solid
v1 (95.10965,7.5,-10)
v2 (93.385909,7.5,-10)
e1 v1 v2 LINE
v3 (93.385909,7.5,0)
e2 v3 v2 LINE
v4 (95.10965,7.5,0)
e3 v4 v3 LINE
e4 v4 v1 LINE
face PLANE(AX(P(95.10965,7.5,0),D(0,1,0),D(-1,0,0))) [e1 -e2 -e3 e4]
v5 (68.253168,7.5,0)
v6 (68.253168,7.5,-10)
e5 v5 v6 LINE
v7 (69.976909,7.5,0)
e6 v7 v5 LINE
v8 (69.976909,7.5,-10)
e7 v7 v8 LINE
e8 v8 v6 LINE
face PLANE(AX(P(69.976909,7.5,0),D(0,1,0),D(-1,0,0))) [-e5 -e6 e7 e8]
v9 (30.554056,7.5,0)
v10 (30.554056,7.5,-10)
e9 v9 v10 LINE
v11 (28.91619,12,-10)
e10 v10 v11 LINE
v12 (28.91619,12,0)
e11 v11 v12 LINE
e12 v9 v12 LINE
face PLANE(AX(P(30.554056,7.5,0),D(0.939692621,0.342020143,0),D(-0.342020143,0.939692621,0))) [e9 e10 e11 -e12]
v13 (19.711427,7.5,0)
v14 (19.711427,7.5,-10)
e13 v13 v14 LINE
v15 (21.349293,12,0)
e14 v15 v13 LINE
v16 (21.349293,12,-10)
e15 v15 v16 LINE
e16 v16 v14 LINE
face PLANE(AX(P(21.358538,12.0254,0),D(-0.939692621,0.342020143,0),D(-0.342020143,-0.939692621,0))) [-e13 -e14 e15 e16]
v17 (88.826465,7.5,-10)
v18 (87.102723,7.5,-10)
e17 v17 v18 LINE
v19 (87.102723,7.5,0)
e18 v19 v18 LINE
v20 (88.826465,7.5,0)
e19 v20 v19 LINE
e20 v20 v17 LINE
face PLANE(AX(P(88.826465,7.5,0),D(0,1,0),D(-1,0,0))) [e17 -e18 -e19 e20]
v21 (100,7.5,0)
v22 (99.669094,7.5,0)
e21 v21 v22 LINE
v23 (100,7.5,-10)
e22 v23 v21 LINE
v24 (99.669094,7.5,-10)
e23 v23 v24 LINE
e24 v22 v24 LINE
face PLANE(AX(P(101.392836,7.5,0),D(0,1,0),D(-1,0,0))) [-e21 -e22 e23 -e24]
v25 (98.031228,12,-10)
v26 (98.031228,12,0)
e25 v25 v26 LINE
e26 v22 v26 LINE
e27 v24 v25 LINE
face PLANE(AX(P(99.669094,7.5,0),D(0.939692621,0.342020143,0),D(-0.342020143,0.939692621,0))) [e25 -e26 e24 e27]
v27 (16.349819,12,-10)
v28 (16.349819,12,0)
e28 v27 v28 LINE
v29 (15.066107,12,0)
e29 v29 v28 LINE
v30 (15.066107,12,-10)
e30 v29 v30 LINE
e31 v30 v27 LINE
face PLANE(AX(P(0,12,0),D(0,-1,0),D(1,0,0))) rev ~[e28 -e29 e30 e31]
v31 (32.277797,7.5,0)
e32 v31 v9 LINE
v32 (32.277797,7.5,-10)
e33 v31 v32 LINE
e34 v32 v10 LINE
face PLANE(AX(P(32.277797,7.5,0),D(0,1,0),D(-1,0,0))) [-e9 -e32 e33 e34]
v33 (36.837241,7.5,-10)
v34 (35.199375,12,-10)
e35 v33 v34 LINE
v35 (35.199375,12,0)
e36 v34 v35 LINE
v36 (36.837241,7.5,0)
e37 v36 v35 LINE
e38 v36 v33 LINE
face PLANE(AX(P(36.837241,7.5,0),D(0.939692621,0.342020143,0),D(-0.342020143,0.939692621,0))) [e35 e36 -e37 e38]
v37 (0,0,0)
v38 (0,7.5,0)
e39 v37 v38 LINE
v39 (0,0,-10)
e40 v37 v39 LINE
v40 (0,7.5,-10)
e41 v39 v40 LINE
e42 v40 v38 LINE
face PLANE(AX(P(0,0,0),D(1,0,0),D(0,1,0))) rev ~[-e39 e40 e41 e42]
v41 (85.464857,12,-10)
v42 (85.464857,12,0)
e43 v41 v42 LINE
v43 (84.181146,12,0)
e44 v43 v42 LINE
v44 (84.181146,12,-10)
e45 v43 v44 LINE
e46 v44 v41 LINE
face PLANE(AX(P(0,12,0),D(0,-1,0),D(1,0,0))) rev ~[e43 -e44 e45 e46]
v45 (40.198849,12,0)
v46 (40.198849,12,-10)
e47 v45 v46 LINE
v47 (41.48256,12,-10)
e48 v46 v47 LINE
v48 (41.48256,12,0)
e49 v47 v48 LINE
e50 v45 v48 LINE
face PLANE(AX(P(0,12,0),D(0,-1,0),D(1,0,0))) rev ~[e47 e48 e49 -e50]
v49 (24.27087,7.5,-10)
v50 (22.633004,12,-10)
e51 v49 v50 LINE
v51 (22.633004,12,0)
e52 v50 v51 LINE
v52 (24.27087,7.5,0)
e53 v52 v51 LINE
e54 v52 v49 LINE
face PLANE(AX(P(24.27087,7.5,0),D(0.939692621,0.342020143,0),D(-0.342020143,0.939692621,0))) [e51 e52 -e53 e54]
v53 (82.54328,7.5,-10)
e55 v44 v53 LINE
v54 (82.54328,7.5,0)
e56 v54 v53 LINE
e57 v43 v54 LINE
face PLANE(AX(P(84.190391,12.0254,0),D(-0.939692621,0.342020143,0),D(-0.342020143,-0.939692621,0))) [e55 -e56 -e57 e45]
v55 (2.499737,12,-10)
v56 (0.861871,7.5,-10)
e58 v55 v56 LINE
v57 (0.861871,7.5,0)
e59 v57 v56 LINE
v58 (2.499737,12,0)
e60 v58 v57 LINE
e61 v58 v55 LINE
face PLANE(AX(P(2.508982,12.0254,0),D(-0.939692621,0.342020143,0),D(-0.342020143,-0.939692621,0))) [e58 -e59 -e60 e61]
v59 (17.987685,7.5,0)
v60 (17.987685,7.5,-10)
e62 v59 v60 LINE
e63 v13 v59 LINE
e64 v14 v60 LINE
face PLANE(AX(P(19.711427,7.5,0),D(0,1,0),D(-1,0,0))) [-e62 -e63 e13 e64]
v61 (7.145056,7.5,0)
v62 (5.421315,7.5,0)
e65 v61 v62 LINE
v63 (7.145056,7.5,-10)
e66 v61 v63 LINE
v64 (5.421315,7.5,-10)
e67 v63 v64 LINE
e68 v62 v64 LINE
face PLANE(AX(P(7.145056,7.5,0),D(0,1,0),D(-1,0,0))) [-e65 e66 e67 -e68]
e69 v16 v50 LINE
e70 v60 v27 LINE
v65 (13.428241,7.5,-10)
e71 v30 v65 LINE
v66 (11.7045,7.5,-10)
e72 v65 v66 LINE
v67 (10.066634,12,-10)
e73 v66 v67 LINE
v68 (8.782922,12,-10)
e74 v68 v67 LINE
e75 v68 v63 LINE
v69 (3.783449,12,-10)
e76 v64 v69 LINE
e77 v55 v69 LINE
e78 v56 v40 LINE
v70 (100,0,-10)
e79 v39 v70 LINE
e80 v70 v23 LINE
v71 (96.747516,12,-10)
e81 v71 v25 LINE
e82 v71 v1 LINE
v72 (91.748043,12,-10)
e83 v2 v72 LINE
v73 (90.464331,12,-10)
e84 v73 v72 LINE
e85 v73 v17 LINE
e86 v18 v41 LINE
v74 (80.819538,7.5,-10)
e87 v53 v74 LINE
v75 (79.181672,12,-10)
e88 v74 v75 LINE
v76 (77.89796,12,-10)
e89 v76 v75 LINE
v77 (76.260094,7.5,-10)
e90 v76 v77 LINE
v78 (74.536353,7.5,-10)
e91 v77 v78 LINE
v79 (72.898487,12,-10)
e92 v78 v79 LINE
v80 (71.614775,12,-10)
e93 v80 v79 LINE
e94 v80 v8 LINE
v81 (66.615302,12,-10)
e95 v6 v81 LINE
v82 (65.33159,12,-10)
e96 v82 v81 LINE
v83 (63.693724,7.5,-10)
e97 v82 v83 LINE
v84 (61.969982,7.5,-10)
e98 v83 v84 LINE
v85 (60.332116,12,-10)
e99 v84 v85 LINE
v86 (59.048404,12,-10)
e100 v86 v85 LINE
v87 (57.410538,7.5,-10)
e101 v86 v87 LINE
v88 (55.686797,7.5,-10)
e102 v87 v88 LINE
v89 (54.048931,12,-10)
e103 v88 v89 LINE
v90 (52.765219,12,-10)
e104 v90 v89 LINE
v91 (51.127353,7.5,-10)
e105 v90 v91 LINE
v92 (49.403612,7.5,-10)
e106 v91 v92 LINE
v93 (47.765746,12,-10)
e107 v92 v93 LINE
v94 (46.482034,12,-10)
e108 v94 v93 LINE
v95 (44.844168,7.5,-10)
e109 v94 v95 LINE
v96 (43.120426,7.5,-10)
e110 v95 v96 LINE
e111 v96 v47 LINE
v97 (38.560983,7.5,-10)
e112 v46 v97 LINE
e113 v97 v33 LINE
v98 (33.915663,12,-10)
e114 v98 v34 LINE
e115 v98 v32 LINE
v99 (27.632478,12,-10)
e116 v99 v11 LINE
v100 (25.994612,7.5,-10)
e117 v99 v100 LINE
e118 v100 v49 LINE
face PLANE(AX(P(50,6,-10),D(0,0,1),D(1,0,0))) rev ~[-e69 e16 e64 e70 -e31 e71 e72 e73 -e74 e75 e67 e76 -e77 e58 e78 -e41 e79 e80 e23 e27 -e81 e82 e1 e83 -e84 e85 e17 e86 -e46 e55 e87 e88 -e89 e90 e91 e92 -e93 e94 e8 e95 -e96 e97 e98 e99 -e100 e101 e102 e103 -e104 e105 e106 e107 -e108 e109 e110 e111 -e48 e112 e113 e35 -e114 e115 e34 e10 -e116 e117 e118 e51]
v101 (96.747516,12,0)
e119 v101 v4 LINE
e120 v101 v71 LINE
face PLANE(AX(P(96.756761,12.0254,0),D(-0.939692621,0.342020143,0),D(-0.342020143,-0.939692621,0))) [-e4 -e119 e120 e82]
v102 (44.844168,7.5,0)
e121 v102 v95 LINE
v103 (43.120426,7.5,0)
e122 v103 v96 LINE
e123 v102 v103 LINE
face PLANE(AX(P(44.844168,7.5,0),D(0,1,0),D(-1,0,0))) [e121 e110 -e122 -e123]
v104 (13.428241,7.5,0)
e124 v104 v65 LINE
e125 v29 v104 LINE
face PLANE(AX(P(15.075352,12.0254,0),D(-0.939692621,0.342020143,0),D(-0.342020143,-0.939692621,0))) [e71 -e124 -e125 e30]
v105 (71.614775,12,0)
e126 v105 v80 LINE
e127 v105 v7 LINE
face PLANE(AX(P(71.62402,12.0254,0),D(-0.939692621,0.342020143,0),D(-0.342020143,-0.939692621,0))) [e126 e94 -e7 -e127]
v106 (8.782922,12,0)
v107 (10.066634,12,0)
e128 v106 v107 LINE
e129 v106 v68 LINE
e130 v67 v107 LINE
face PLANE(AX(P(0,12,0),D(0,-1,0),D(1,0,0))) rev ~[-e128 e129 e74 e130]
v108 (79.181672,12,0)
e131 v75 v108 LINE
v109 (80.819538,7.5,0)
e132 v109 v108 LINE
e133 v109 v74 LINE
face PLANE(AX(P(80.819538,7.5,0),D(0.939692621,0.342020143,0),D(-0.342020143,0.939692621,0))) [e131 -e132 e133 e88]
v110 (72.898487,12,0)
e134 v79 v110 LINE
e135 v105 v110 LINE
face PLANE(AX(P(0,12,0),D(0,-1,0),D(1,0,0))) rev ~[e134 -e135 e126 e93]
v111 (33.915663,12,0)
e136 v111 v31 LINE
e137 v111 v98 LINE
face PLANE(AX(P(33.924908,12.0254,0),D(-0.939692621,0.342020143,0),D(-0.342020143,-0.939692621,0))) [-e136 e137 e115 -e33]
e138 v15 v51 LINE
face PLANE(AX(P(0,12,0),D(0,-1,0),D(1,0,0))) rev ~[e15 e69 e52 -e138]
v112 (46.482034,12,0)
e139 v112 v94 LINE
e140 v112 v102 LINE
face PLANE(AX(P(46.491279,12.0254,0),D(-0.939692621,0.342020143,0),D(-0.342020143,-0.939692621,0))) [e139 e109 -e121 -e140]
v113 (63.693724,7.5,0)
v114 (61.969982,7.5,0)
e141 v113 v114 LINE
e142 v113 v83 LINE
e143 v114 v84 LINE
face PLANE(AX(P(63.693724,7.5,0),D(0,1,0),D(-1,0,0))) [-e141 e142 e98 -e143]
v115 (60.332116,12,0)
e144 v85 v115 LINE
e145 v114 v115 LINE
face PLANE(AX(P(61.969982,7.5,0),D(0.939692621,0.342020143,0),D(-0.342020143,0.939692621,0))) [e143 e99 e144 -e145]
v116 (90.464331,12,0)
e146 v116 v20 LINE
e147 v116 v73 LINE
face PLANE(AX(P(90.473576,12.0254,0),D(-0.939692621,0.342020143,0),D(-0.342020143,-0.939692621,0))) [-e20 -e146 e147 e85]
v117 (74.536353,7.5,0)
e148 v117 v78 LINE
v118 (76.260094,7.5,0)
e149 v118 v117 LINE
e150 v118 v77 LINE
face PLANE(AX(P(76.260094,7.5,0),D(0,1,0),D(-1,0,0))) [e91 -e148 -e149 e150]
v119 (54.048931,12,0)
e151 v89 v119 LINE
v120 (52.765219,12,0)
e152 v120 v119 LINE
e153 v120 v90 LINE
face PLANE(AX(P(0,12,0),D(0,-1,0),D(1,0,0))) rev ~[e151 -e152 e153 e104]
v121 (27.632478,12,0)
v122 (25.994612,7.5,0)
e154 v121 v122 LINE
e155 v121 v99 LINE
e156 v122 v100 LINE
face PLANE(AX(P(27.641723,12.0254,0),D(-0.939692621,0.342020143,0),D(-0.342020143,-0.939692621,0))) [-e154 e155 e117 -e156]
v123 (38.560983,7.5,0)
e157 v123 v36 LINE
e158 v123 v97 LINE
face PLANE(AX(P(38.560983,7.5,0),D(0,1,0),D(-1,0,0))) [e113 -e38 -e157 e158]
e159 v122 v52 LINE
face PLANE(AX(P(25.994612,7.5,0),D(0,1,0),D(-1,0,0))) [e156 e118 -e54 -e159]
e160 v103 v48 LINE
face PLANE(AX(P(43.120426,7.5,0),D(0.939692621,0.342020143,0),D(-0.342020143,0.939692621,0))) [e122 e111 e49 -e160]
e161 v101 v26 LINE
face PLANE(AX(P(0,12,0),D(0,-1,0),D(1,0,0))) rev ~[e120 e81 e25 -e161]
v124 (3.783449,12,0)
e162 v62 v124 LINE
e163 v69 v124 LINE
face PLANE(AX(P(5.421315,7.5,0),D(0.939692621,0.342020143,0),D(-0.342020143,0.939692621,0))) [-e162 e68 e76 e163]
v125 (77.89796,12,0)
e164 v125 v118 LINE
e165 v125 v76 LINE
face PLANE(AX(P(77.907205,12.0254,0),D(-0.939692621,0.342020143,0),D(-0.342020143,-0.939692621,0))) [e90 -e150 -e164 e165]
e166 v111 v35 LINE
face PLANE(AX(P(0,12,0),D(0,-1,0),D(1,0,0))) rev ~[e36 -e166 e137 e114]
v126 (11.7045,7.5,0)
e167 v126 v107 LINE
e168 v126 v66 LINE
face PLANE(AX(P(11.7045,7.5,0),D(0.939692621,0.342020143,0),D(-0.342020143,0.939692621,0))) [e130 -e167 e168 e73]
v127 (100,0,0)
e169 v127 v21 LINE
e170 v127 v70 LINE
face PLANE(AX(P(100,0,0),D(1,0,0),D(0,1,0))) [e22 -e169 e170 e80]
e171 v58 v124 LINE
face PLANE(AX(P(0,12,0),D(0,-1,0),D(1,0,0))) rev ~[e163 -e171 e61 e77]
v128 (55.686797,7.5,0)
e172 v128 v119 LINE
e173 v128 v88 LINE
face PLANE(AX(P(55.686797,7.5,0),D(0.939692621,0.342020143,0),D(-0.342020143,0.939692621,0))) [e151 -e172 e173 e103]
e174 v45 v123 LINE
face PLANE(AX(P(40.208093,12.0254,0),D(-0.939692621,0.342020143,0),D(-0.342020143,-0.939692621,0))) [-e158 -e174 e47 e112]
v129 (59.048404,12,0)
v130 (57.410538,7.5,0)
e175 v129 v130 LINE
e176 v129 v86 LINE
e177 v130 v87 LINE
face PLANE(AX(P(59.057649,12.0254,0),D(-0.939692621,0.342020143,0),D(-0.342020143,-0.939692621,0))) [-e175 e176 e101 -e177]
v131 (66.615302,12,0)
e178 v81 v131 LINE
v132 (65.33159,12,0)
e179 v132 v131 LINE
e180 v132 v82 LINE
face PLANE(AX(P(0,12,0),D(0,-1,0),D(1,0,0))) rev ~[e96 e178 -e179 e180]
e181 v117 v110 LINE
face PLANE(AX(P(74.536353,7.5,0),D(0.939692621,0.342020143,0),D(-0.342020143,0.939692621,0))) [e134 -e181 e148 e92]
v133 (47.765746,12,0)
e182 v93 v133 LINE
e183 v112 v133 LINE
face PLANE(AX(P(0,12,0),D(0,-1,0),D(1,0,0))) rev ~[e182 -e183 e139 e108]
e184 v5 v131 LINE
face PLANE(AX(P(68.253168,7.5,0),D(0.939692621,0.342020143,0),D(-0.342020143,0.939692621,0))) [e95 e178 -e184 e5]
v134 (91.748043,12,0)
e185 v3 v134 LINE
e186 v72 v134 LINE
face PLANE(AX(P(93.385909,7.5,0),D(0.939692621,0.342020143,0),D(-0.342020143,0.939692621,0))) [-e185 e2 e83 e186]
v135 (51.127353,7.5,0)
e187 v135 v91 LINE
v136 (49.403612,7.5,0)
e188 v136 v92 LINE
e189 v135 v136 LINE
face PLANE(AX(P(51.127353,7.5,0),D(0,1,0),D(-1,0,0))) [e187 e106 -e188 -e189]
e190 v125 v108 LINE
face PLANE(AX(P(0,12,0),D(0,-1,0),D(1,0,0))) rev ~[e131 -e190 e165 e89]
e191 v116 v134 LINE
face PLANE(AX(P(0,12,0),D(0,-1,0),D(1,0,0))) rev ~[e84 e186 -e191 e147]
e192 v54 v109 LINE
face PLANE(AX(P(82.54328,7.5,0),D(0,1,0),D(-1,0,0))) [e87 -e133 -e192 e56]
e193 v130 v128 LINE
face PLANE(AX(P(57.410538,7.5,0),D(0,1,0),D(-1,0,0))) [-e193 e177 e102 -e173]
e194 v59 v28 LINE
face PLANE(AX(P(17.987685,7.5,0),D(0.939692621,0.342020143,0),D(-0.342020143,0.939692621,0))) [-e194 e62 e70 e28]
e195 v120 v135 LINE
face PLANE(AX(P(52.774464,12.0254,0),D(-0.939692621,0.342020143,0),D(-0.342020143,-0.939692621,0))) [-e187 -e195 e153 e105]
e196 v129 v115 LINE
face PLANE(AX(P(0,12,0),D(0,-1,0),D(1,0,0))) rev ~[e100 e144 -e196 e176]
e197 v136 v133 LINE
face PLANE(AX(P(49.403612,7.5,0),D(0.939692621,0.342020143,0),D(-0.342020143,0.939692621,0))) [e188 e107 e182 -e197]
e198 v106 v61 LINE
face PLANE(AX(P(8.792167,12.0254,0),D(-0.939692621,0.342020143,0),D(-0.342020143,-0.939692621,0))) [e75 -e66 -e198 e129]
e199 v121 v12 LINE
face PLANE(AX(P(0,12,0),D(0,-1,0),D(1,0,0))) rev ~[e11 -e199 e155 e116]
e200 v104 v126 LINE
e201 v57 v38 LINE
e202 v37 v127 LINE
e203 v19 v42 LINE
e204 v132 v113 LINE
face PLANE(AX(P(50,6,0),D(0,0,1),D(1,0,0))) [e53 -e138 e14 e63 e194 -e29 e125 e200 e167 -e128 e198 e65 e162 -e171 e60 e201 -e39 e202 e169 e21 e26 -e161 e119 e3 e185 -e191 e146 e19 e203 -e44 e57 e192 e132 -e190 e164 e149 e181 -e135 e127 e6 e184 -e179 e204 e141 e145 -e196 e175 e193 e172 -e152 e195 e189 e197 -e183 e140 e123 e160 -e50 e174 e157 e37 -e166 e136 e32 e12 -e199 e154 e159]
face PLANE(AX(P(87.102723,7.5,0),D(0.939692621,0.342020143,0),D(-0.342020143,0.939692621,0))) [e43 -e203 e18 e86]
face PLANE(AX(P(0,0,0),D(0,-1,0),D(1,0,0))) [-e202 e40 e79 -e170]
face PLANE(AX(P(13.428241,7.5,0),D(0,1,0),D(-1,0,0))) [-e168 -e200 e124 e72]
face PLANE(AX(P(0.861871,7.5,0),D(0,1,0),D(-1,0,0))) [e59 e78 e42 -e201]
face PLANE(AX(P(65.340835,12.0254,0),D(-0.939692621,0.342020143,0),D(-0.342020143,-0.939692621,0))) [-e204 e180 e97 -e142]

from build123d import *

# Parameters (mm, degrees)
BLANKSKE_W        = 100
BLANKSKE_H        = 12
BLANK_DEPTH       = 10
TOOTHCUTSIM_DEPTH = 102.212647431
TEETHCUTS_COUNT   = 17
TEETHCUTS_PITCH   = 6.2831853


with BuildPart() as part:
    # BlankSke → Blank (new body)
    with BuildSketch(Plane.XY):
        with Locations((50, 6)):
            Rectangle(BLANKSKE_W, BLANKSKE_H)
    extrude(amount=-BLANK_DEPTH)

    # TooCutSkeSim → ToothCutSim (cut, through all)
    with BuildSketch(Plane.XY):
        Polygon((0.861870739, 7.5), (-0.861870739, 7.5), (-2.508981637, 12.0254), (2.508981637, 12.0254), align=None)
    toothcutsim = extrude(amount=-TOOTHCUTSIM_DEPTH, mode=Mode.SUBTRACT)

    # TeethCuts: ToothCutSim ×17
    with Locations(*[(i * TEETHCUTS_PITCH, 0, 0) for i in range(1, TEETHCUTS_COUNT)]):
        add(toothcutsim, mode=Mode.SUBTRACT)


solid = part.part
